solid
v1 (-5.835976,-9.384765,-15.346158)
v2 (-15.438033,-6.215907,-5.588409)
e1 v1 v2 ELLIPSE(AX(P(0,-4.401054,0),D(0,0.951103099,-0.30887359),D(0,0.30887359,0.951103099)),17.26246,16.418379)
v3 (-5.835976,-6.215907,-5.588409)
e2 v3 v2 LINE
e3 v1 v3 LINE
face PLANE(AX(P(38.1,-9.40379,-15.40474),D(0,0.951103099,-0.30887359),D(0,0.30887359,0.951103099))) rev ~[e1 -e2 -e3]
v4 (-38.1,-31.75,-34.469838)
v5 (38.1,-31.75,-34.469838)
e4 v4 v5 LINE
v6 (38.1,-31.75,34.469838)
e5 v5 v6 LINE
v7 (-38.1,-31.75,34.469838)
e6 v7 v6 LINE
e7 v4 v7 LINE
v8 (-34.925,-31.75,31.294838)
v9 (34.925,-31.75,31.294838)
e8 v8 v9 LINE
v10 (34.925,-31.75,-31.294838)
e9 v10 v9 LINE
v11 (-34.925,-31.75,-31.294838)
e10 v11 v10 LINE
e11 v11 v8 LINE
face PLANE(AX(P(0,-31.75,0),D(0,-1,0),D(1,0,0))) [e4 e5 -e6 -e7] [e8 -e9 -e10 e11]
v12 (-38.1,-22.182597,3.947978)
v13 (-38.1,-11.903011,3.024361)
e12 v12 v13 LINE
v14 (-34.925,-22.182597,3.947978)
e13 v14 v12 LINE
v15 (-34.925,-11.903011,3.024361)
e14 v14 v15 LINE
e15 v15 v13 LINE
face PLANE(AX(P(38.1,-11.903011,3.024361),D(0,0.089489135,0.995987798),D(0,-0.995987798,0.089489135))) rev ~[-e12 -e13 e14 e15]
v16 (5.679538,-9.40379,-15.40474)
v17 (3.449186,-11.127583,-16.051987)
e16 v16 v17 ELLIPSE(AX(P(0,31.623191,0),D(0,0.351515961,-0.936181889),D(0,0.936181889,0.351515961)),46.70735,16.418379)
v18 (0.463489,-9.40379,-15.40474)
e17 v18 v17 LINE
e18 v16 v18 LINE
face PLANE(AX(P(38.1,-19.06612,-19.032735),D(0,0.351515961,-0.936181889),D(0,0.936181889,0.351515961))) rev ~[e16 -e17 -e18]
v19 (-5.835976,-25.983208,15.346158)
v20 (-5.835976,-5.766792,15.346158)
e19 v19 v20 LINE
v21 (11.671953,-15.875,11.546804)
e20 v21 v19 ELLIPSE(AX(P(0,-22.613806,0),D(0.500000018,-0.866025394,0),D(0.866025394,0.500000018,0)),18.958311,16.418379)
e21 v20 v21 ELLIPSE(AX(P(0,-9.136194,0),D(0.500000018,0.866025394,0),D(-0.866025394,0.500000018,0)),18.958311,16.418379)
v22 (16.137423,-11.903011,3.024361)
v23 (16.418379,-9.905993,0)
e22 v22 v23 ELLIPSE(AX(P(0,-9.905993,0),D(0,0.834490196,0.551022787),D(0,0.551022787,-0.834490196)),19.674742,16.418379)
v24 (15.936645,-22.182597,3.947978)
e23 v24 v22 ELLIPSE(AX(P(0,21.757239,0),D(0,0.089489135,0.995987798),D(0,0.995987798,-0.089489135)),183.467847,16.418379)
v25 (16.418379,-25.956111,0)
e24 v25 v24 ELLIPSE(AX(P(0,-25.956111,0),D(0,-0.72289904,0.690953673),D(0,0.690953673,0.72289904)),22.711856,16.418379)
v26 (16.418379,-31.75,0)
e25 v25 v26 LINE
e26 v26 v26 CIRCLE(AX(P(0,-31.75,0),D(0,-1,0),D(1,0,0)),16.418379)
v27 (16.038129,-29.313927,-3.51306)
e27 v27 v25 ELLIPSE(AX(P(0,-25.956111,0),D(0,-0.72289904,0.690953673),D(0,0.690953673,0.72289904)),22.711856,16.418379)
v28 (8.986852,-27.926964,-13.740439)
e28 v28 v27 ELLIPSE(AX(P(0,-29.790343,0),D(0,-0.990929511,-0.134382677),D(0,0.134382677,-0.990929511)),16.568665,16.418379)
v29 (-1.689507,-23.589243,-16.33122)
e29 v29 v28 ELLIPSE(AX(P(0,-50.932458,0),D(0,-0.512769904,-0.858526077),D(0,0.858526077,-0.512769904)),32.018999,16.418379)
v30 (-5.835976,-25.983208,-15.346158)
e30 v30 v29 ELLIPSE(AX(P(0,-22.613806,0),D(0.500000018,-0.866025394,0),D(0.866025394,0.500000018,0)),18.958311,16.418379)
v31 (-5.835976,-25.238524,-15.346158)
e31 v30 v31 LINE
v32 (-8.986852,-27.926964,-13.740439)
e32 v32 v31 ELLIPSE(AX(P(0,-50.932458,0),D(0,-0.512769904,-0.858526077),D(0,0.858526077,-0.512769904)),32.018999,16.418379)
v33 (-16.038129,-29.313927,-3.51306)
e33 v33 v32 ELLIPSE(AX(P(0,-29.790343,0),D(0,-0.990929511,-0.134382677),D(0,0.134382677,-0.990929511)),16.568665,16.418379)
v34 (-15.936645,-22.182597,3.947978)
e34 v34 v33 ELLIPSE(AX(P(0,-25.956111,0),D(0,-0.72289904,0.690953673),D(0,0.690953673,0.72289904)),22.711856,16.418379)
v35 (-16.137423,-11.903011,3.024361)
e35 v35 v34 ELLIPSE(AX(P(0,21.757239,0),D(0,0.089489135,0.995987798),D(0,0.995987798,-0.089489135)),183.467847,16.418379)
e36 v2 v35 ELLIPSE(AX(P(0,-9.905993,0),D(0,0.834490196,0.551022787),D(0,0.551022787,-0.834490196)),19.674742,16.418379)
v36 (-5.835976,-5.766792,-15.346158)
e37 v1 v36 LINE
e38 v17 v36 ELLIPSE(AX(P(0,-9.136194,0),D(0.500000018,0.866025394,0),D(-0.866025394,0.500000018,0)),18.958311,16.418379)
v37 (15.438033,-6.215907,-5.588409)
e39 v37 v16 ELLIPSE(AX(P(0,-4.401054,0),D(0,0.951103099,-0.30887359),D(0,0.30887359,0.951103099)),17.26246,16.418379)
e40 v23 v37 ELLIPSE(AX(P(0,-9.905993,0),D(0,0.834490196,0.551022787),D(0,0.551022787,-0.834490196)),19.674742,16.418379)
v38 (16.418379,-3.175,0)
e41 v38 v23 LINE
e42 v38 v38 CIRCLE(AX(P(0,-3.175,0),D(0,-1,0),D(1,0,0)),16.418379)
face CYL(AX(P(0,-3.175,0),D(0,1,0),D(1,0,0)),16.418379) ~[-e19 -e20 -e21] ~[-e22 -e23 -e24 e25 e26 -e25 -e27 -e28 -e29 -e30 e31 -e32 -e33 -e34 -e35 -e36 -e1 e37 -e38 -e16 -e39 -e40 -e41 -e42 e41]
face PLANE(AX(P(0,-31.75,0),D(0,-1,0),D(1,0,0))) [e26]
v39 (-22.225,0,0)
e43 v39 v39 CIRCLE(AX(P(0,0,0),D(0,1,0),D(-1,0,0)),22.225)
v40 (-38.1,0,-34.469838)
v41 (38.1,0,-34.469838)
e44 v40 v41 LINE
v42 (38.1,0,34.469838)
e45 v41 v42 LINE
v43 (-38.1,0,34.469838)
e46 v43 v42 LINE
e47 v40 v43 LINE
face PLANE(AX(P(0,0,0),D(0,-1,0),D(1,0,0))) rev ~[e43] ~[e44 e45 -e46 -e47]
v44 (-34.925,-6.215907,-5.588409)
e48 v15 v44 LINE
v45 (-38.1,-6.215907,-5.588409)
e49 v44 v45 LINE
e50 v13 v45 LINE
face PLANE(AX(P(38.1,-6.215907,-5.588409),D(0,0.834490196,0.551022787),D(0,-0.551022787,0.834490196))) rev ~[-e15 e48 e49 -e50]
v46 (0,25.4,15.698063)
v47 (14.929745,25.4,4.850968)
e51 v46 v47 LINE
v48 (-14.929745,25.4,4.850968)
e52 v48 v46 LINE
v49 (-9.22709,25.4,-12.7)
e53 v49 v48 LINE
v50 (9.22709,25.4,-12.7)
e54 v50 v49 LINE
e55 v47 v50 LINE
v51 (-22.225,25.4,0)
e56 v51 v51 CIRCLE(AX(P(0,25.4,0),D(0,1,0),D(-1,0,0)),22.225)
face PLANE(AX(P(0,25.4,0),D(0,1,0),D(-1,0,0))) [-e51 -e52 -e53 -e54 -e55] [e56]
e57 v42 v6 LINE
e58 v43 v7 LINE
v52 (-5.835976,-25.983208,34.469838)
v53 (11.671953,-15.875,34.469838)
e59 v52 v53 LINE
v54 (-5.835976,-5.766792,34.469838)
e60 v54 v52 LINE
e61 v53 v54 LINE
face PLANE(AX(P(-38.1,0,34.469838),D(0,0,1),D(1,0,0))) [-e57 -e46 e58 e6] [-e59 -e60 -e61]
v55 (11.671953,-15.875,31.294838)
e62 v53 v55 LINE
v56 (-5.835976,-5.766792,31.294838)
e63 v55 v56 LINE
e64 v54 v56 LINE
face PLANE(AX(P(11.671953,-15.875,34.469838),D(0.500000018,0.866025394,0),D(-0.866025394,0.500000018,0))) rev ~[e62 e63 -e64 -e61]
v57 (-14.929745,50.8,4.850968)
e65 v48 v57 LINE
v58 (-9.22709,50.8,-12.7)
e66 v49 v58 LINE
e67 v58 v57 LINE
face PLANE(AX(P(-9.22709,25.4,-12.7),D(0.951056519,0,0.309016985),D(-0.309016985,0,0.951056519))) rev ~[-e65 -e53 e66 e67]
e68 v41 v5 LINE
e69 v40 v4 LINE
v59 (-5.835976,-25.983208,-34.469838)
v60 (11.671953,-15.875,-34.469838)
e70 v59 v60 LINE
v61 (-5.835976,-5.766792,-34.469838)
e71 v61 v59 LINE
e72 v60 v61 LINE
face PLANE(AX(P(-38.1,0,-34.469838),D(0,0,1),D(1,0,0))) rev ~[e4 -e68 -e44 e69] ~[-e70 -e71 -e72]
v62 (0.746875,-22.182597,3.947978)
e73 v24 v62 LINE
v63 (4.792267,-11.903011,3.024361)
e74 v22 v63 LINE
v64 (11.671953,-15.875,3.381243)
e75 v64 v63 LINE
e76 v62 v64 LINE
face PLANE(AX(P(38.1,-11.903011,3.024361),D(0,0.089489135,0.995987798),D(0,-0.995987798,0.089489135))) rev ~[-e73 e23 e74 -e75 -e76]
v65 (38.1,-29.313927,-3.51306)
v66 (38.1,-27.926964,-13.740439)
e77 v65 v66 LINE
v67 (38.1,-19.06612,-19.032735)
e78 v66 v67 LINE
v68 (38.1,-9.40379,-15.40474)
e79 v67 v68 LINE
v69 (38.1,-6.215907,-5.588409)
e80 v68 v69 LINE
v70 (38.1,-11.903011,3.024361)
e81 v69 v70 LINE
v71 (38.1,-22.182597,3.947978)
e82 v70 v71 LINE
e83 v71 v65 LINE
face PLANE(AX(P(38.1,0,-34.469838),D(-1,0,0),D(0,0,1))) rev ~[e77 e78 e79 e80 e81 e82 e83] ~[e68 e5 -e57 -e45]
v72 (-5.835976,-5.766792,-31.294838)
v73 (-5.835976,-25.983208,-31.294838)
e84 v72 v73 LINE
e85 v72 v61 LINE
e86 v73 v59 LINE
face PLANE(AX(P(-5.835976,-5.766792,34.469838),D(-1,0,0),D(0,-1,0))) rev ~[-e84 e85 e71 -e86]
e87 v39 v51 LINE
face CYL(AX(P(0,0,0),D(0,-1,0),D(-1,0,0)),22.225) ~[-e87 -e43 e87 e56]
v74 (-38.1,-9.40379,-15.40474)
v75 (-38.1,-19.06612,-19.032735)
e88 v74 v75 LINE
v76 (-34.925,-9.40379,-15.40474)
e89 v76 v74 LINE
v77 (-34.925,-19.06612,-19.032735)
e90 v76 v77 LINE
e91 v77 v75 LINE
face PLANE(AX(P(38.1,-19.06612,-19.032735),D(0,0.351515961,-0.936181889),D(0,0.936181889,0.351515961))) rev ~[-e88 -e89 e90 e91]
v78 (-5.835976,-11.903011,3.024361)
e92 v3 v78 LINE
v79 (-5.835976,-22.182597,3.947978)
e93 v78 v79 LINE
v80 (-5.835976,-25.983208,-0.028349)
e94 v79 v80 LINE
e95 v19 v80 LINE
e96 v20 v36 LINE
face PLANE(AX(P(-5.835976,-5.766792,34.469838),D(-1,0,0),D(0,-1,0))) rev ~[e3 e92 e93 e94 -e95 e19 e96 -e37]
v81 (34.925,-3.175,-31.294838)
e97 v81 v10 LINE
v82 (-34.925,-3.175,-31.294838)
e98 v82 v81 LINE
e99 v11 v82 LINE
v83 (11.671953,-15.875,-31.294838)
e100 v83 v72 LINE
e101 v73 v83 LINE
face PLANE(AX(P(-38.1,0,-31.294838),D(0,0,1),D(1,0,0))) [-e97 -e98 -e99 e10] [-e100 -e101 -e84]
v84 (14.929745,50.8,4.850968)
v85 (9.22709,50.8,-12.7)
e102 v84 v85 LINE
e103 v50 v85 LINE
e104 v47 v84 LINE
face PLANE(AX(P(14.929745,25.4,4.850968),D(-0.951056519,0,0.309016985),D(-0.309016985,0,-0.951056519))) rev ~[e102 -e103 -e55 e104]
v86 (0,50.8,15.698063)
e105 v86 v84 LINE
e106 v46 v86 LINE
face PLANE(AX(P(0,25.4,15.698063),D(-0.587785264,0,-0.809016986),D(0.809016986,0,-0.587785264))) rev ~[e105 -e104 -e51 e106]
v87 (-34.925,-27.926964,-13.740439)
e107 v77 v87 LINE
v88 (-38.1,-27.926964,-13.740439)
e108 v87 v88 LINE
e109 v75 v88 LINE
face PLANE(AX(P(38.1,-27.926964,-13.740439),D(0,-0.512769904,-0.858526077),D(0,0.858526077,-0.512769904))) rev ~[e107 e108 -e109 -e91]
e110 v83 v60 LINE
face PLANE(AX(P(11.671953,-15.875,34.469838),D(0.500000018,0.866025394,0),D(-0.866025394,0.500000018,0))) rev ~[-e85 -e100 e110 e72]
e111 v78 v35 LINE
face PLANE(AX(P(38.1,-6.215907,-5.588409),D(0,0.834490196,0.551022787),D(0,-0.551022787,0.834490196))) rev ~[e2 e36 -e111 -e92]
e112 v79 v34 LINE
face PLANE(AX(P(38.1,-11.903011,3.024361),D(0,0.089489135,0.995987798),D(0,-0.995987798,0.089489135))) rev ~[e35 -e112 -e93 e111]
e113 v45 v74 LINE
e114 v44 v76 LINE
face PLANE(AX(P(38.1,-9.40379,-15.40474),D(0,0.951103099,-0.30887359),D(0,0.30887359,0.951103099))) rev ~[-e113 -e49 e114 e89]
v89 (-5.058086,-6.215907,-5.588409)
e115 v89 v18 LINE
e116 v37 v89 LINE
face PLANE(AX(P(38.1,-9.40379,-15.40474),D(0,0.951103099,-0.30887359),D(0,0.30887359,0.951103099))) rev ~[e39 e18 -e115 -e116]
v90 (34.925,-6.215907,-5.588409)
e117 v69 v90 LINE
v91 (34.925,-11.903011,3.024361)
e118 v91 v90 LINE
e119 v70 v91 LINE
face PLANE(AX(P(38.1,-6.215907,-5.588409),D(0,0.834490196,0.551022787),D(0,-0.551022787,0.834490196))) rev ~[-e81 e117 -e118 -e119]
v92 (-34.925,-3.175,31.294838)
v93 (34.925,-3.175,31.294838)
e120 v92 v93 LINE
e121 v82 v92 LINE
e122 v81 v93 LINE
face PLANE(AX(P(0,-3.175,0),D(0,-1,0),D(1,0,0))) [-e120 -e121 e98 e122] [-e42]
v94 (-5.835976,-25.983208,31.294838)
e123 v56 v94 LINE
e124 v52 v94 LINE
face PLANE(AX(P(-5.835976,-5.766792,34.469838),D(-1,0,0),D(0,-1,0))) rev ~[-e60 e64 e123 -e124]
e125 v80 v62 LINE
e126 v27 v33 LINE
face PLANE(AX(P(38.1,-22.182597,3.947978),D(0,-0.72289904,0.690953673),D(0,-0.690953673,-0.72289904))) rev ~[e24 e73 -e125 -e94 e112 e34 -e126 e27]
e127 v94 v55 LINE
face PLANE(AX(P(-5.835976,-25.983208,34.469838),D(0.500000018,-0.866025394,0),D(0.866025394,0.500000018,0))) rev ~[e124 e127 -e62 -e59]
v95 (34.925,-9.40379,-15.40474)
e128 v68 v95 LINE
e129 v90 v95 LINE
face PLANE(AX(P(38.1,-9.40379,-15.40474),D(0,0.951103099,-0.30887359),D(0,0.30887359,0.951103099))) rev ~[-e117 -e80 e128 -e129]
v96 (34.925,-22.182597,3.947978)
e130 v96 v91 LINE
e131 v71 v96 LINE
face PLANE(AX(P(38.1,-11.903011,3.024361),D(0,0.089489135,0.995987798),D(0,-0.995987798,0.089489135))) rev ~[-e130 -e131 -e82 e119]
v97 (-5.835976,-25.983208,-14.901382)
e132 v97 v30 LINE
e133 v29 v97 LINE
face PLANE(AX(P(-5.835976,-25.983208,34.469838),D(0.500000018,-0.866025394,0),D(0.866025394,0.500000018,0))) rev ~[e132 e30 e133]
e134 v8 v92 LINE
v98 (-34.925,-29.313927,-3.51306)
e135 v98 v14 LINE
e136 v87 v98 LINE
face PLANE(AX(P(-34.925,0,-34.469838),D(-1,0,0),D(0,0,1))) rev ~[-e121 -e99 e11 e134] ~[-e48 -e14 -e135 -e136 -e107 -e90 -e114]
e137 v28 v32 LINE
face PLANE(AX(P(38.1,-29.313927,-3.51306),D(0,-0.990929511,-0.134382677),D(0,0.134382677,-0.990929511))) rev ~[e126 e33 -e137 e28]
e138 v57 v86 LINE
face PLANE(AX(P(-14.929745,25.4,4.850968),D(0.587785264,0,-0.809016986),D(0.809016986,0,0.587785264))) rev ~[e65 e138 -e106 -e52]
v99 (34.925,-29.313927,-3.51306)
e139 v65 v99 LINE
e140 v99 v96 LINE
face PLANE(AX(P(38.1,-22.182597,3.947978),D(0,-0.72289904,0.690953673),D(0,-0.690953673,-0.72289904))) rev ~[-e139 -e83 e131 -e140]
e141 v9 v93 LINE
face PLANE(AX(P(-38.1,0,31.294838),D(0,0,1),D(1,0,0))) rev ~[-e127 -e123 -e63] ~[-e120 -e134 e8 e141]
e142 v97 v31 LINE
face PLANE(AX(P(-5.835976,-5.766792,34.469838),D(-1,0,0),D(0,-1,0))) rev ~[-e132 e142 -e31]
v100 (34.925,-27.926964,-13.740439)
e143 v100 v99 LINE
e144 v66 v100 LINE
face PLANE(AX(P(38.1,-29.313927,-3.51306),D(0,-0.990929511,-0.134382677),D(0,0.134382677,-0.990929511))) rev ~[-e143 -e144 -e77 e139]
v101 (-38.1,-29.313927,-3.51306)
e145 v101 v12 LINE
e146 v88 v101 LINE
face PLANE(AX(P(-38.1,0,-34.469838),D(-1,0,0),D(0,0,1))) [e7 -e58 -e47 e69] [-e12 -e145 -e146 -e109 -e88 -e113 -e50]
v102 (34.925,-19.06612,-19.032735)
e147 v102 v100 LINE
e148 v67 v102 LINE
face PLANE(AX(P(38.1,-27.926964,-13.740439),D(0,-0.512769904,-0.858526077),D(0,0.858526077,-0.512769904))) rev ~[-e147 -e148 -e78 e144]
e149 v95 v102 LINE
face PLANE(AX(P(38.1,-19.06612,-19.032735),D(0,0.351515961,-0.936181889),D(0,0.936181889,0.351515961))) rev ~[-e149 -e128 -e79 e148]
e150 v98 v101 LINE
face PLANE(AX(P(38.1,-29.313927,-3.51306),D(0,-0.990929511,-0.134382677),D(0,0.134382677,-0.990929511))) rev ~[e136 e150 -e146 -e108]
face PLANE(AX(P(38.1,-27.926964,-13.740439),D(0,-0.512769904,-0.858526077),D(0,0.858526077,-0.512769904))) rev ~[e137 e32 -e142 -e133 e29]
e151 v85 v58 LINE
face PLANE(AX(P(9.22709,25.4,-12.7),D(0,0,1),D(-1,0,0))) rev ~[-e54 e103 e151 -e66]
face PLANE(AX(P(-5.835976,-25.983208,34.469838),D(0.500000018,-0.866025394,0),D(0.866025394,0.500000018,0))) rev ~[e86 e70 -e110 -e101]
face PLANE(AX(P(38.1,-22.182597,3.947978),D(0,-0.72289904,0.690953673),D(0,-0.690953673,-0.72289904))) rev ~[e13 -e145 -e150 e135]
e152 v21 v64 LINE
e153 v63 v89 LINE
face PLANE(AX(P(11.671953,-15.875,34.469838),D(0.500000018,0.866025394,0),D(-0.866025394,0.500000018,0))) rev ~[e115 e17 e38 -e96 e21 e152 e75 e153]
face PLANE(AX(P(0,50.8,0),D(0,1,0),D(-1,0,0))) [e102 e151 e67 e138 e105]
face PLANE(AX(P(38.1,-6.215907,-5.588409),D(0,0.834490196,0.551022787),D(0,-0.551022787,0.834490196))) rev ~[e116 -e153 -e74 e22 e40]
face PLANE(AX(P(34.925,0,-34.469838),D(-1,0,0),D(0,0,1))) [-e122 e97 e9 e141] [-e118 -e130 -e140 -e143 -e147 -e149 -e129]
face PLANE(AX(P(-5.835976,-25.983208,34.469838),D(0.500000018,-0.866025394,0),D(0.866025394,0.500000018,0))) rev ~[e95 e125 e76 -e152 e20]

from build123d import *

# Parameters (mm, degrees)
F0_W      = 76.2
F0_H      = 68.939676
F10_DEPTH = 31.75
F1_T      = -3.175
F2_R      = 22.225
F3_DEPTH  = 25.4
F5_DEPTH  = 25.4
F11_R     = 16.418379
F6_DEPTH  = 28.575
F8_DEPTH  = 76.201
F12_DEPTH = 68.940675


with BuildPart() as f10:
    # F0 (on Front) → F10 (new body)
    with BuildSketch(Plane.XZ):
        Rectangle(F0_W, F0_H)
    extrude(amount=F10_DEPTH)

    # F1
    f1_openings = [f10.faces().sort_by_distance(p)[0] for p in [
        (0, -31.75, 0),
    ]]
    offset(amount=F1_T, openings=f1_openings)

    # F2 (on face) → F3 (join)
    with BuildSketch(Plane(origin=(0, 0, 0), x_dir=(-1, 0, 0), z_dir=(0, 1, 0))):
        Circle(F2_R)
    extrude(amount=F3_DEPTH)

    # F4 (on face) → F5 (join)
    with BuildSketch(Plane(origin=(0, 25.4, 0), x_dir=(-1, 0, 0), z_dir=(0, 1, 0))):
        Polygon((-9.22709, -12.7), (9.22709, -12.7), (14.929745, 4.850968), (0, 15.698063), (-14.929745, 4.850968), align=None)
    extrude(amount=F5_DEPTH)

    # F11 (on face) → F6 (join, through all)
    with BuildSketch(Plane.XZ.offset(3.175)):
        Circle(F11_R)
    extrude(amount=F6_DEPTH)

    # F7 (on face) → F8 (cut, through all)
    with BuildSketch(Plane.YZ.offset(38.1)):
        Polygon((-27.926964, -13.740439), (-19.06612, -19.032735), (-9.40379, -15.40474), (-6.215907, -5.588409), (-11.903011, 3.024361), (-22.182597, 3.947978), (-29.313927, -3.51306), align=None)
    extrude(amount=-F8_DEPTH, mode=Mode.SUBTRACT)

    # F9 (on face) → F12 (cut, through all)
    with BuildSketch(Plane.XY.offset(34.469838)):
        Polygon((-5.835976, -5.766792), (-5.835976, -25.983208), (11.671953, -15.875), align=None)
    extrude(amount=-F12_DEPTH, mode=Mode.SUBTRACT)


solid = f10.part
